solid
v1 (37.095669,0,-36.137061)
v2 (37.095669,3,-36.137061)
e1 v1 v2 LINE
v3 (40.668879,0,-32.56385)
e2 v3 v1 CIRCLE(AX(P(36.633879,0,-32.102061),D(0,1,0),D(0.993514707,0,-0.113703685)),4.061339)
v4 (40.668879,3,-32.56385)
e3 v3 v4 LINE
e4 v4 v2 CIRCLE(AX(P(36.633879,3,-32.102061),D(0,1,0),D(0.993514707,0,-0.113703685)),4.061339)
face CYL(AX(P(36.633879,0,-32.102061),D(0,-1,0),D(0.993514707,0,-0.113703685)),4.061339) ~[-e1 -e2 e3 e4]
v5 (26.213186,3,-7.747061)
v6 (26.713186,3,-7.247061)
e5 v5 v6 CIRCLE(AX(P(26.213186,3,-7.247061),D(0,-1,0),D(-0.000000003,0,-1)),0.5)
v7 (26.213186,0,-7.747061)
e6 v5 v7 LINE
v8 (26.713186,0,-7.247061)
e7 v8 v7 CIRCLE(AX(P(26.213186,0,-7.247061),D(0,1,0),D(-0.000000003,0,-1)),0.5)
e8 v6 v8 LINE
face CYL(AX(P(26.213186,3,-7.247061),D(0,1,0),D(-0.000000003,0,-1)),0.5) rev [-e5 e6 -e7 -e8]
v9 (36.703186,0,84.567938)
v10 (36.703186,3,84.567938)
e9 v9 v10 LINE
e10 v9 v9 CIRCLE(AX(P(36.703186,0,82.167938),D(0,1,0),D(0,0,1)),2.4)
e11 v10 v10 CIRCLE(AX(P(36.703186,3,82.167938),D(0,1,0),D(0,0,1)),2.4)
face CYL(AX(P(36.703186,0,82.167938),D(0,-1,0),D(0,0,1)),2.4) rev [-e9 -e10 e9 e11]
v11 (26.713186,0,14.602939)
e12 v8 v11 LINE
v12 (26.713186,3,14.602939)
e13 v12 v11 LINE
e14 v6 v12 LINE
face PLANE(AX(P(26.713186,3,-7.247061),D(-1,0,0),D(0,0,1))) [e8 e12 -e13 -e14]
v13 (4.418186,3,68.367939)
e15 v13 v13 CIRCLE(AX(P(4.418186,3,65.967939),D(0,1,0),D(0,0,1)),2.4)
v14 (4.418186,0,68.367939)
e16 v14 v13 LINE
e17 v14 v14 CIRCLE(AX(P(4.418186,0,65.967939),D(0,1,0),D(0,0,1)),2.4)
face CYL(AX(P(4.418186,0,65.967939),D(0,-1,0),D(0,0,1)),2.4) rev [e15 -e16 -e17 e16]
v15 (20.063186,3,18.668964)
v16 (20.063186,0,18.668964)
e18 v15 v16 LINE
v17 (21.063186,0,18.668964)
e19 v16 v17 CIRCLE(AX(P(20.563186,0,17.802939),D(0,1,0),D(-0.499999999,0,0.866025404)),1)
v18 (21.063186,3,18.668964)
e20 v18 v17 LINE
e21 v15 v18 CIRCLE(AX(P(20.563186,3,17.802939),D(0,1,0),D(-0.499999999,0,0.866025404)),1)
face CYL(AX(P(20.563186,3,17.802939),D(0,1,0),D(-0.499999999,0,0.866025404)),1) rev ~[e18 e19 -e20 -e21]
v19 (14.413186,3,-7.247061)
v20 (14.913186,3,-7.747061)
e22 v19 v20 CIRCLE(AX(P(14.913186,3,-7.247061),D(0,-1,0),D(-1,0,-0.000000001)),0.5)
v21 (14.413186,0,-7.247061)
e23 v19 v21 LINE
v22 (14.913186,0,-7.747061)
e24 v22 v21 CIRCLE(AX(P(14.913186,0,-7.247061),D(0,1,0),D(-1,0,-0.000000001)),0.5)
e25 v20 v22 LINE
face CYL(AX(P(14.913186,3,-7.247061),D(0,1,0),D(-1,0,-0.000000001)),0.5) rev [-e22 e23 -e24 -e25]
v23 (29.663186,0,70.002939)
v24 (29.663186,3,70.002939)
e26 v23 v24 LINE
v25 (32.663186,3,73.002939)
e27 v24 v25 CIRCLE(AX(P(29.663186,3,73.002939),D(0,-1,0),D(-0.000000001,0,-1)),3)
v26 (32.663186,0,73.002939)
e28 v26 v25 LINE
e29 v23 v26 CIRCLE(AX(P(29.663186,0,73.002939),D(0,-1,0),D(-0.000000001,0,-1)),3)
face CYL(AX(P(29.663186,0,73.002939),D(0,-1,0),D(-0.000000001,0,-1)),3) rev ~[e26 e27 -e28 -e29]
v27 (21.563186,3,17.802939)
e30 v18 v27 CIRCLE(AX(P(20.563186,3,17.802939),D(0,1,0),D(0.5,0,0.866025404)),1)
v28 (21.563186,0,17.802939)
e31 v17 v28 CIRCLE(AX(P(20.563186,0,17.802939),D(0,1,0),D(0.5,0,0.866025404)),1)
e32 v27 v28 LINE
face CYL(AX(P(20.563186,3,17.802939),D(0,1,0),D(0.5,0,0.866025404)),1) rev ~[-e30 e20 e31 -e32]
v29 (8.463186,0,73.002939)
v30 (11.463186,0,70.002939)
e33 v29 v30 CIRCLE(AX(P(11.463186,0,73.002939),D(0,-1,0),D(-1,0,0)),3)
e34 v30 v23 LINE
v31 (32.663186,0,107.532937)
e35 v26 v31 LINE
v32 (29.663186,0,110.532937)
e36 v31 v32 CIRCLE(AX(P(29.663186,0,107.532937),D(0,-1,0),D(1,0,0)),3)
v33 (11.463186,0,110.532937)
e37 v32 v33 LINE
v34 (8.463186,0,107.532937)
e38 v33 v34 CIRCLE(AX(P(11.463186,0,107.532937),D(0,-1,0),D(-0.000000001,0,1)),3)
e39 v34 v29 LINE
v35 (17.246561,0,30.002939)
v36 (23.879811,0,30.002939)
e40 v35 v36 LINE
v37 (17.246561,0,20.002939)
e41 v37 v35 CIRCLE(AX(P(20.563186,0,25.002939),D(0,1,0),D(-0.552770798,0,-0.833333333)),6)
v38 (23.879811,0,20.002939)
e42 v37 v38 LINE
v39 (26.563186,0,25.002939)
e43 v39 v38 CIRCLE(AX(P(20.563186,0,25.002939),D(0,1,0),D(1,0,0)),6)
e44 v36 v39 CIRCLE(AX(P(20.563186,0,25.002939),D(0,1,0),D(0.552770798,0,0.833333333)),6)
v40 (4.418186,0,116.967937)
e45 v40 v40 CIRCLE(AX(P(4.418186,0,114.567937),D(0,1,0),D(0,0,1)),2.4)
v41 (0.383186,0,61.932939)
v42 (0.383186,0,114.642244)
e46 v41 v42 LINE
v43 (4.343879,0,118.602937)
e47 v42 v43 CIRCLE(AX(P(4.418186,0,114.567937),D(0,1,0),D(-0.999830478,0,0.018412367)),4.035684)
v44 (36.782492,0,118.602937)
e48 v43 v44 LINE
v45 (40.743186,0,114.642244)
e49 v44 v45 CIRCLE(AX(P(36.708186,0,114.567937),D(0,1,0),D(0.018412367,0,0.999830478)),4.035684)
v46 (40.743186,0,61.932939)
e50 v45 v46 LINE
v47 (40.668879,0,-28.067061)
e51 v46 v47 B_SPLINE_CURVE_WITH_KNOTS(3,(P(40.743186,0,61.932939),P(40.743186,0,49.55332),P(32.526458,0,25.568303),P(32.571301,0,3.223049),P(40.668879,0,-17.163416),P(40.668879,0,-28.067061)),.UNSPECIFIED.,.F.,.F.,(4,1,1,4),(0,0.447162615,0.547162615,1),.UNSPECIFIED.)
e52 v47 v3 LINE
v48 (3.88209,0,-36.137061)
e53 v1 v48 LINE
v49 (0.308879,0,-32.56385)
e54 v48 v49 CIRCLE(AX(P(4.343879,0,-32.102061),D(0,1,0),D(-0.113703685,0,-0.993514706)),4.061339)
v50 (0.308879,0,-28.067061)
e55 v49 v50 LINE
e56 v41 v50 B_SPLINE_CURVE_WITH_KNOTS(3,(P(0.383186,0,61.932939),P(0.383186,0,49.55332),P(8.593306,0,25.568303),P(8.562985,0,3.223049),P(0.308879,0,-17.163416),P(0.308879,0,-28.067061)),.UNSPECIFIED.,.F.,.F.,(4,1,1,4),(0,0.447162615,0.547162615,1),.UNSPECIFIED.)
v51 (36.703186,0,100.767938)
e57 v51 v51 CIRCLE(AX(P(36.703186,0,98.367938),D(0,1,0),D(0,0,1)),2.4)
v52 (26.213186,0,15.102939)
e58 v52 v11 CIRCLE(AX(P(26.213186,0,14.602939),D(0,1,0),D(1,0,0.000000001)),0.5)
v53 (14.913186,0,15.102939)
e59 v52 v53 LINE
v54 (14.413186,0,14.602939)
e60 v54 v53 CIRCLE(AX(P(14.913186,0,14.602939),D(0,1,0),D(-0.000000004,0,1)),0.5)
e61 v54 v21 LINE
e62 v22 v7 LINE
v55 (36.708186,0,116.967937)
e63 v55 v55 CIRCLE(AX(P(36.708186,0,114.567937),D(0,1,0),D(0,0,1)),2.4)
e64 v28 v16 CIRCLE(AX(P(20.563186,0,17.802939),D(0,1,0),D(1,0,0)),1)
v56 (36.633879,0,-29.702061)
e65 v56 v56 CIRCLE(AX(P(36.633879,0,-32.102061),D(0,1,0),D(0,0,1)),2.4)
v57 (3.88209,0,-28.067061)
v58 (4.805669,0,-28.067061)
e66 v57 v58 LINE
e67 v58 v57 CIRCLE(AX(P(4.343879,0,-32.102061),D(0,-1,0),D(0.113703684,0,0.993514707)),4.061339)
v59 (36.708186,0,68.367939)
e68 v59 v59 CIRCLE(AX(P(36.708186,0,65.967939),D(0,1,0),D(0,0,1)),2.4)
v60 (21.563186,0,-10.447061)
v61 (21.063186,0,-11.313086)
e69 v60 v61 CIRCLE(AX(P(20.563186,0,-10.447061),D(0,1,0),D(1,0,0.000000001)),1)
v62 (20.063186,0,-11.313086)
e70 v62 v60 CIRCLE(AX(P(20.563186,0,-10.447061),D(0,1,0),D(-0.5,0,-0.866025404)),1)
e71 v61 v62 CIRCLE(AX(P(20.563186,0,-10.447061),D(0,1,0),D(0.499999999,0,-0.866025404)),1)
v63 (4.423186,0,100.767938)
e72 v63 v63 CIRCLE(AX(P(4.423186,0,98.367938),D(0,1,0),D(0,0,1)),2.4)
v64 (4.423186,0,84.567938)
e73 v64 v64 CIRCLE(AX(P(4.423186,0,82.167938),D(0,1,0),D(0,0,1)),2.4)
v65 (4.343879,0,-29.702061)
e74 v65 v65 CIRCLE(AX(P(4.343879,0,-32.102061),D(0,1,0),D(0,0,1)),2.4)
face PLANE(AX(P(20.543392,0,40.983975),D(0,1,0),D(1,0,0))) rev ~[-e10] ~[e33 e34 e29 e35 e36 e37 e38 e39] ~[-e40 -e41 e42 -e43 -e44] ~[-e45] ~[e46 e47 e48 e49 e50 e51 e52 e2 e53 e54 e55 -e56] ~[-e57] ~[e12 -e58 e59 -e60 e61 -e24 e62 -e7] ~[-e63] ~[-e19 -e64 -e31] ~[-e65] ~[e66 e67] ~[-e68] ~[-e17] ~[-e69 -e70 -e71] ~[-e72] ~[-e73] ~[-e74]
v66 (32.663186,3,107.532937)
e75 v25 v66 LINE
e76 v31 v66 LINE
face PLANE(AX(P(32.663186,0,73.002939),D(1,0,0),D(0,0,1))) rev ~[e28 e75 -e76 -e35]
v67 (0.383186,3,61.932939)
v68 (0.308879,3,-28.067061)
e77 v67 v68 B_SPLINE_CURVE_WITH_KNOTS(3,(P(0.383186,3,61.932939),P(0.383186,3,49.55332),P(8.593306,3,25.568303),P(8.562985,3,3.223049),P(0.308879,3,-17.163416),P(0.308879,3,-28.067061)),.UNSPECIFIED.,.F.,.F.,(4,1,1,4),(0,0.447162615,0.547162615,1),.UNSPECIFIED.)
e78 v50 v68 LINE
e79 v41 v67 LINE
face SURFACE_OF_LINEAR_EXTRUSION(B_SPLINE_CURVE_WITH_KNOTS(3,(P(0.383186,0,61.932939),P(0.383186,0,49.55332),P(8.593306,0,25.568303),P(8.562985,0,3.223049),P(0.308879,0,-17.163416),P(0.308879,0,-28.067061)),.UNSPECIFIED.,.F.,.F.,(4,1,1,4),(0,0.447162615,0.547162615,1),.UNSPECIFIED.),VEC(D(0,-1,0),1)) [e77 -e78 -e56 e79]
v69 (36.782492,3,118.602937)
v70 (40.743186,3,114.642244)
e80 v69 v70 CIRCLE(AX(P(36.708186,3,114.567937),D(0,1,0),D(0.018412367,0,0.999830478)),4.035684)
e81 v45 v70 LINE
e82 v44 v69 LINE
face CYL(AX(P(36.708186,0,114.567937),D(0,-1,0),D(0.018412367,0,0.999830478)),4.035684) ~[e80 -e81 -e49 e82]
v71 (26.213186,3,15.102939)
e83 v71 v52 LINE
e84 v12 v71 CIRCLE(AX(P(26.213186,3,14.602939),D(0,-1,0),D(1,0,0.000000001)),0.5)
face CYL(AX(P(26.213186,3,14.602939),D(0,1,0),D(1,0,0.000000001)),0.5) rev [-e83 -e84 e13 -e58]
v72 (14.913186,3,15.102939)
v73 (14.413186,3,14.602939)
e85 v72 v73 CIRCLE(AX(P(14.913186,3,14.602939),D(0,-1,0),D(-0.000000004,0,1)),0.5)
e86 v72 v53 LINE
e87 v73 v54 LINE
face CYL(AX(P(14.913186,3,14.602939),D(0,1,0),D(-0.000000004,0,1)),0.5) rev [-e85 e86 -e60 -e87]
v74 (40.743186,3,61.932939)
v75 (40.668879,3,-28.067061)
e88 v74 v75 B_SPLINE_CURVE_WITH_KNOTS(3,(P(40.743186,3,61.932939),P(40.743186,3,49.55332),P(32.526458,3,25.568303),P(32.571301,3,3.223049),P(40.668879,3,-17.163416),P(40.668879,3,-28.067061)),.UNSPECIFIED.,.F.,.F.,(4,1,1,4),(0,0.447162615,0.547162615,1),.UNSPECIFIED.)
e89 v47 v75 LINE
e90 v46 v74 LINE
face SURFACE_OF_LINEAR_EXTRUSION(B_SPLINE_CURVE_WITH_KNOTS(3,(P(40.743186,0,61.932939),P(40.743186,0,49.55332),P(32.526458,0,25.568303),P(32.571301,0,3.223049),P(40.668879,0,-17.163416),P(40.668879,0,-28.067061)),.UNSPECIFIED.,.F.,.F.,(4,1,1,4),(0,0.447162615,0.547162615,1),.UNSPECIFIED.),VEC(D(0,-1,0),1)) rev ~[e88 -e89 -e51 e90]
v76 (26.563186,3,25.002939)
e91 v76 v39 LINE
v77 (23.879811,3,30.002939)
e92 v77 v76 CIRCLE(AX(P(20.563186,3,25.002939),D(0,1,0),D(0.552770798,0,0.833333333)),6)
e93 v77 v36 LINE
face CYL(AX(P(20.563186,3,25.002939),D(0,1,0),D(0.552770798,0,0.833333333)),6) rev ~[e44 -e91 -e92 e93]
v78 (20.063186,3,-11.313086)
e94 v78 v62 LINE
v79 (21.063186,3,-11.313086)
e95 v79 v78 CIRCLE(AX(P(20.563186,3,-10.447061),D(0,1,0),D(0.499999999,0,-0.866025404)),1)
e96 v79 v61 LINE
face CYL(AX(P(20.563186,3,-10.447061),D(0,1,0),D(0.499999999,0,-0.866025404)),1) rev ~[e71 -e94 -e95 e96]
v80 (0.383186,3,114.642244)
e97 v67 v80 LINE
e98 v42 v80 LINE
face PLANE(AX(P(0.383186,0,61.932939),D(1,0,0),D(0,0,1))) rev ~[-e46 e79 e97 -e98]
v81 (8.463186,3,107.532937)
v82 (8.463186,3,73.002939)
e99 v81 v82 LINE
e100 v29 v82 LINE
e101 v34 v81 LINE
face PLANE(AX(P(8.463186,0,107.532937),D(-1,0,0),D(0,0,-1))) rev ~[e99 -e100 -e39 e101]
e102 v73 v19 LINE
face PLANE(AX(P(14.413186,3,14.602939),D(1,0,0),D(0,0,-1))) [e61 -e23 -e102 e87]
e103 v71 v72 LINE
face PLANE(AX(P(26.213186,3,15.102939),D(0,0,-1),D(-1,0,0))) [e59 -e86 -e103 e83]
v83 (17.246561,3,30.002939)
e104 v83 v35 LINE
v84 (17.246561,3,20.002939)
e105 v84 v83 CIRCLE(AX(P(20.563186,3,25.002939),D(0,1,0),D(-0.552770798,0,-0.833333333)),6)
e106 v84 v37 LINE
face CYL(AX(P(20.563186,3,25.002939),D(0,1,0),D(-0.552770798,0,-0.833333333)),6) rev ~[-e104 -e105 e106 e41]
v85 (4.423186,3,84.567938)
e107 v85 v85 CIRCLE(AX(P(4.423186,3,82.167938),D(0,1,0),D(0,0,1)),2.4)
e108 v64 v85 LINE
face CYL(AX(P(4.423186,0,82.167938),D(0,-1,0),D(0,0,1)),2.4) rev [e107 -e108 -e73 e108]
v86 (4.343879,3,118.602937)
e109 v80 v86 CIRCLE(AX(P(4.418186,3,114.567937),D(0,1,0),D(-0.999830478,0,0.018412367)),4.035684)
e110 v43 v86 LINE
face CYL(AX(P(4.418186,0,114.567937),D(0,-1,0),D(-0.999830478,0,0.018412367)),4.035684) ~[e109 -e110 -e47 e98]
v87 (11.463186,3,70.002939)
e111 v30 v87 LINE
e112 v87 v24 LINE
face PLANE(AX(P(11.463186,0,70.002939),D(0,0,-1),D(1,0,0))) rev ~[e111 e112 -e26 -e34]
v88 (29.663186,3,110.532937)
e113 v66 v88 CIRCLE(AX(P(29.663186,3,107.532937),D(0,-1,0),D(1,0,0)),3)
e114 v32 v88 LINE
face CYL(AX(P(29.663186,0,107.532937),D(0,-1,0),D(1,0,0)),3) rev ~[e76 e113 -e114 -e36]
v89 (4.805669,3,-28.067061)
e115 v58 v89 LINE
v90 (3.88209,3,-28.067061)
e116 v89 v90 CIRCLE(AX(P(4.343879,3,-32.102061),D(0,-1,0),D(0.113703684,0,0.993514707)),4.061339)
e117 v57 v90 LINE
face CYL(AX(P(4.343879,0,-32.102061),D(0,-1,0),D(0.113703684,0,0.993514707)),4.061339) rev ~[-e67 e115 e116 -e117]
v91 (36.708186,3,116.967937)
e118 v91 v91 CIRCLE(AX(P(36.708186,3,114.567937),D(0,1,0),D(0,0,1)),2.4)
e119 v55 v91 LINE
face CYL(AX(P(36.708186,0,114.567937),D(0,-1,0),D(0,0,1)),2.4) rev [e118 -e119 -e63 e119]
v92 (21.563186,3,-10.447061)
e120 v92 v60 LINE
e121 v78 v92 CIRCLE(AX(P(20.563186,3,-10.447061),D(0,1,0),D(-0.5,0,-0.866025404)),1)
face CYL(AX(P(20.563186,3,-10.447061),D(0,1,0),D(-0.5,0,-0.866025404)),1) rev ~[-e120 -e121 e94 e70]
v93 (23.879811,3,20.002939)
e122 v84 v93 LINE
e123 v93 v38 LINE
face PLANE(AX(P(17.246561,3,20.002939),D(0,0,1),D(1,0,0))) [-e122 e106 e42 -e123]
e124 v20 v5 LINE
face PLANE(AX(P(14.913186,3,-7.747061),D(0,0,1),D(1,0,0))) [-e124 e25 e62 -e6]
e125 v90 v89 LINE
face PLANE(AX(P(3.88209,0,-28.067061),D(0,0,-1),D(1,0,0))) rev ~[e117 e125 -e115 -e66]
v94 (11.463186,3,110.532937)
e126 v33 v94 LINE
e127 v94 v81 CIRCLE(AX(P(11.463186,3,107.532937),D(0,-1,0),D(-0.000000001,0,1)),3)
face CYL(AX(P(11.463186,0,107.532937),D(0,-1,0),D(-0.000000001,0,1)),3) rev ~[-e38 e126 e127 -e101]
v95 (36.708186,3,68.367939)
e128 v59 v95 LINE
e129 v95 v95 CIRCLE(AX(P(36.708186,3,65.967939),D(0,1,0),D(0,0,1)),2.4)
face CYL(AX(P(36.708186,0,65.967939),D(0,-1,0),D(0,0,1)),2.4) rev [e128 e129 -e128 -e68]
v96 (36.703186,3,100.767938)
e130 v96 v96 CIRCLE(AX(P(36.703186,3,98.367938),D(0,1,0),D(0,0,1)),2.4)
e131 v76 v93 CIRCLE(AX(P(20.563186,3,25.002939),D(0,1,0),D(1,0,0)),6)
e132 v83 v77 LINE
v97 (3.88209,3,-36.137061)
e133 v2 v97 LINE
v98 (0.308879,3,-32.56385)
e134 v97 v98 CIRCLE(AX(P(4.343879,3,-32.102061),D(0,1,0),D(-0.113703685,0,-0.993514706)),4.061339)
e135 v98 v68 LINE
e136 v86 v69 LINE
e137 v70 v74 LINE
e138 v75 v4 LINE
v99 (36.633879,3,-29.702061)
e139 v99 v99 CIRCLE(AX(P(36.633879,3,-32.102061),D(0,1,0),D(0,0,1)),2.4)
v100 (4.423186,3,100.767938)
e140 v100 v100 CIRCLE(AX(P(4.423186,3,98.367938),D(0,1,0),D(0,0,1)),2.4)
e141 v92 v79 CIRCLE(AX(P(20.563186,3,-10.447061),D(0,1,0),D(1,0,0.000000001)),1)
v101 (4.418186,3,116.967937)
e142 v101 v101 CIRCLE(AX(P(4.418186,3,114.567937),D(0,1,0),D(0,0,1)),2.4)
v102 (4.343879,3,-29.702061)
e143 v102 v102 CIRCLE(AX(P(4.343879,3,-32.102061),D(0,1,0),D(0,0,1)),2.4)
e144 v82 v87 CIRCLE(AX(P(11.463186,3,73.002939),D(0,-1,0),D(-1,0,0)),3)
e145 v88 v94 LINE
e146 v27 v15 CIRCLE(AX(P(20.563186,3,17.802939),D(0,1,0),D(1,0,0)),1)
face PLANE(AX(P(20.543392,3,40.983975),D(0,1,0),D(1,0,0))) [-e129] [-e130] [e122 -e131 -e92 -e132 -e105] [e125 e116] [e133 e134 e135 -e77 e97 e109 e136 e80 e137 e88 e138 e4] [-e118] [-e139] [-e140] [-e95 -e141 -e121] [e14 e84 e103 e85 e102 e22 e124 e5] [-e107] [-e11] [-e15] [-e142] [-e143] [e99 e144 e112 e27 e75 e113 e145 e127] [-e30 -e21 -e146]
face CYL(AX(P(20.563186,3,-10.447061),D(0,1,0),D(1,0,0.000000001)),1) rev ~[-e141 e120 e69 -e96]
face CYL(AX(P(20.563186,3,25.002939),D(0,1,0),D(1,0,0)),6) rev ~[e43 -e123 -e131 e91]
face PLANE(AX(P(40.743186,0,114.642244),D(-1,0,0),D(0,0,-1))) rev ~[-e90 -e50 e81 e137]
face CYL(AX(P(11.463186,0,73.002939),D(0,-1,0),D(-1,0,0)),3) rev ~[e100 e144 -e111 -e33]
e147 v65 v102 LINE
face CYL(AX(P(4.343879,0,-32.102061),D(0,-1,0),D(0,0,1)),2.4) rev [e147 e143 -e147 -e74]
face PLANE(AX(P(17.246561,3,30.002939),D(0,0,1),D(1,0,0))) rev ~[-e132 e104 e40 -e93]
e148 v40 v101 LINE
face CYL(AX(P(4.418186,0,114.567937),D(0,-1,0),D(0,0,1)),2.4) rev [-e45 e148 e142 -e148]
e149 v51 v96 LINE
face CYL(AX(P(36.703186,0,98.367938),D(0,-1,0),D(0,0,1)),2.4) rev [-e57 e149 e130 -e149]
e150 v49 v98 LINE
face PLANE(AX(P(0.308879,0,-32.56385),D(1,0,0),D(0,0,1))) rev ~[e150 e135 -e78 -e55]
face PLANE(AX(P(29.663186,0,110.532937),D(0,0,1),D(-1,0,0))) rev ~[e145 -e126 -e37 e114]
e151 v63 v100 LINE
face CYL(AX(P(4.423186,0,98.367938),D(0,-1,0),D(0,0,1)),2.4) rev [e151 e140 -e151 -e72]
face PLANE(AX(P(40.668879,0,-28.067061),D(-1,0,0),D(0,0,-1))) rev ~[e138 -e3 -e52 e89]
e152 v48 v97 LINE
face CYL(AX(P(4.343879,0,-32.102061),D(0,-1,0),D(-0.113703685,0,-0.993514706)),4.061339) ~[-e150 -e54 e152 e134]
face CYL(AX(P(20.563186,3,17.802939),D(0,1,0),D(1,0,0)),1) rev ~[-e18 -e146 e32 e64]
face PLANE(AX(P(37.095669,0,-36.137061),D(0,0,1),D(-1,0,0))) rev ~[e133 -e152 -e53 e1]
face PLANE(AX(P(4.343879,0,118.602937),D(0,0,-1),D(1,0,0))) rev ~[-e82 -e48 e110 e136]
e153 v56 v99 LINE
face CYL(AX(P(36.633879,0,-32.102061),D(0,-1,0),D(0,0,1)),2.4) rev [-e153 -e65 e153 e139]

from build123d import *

# Parameters (mm, degrees)
SKETCH2_R           = 2.4
BOSS_EXTRUDE1_DEPTH = 3
CUT_EXTRUDE1_DEPTH  = 10
SKETCH4_W           = 6.633249581
SKETCH4_H           = 10
CUT_EXTRUDE2_DEPTH  = 10


with BuildPart() as part:
    # Sketch2 → Boss-Extrude1 (new body)
    with BuildSketch(Plane(origin=(0, 0, 0), x_dir=(1, 0, 0), z_dir=(0, 1, 0))):
        with BuildLine():
            Line((37.095668531, 36.137061002), (3.882090118, 36.137061002))
            ThreePointArc((3.882090118, 36.137061002), (1.472078995, 34.973861332), (0.308879325, 32.563850209))
            Line((0.308879325, 32.563850209), (0.308879325, 28.067061002))
            add(Edge.make_bspline(
                [(0.383185823, -61.932938998), (0.383185823, -49.55331966), (8.593306341, -25.568302829), (8.562984639, -3.223049243), (0.308879325, 17.163416192), (0.308879325, 28.067061002)],
                knots=[0, 0, 0, 0, 0.447162615, 0.547162615, 1, 1, 1, 1], degree=3))
            Line((0.383185823, -61.932938998), (0.383185823, -114.493630956))
            Line((0.383185823, -114.493630956), (0.383185823, -114.642243953))
            ThreePointArc((0.383185823, -114.642243953), (1.564526203, -117.421597075), (4.343879325, -118.602937455))
            Line((4.343879325, -118.602937455), (36.782492321, -118.602937455))
            ThreePointArc((36.782492321, -118.602937455), (39.561845443, -117.421597075), (40.743185823, -114.642243953))
            Line((40.743185823, -114.642243953), (40.743185823, -114.493630956))
            Line((40.743185823, -114.493630956), (40.743185823, -61.932938998))
            add(Edge.make_bspline(
                [(40.743185823, -61.932938998), (40.743185823, -49.55331966), (32.526457787, -25.568302829), (32.571301302, -3.223049243), (40.668879325, 17.163416192), (40.668879325, 28.067061002)],
                knots=[0, 0, 0, 0, 0.447162615, 0.547162615, 1, 1, 1, 1], degree=3))
            Line((40.668879325, 28.067061002), (40.668879325, 32.563850209))
            ThreePointArc((40.668879325, 32.563850209), (39.505679655, 34.973861332), (37.095668531, 36.137061002))
        make_face()
        with BuildLine():
            Line((3.882090118, 28.067061002), (4.805668531, 28.067061002))
            ThreePointArc((4.805668531, 28.067061002), (4.343879325, 28.040722027), (3.882090118, 28.067061002))
        make_face(mode=Mode.SUBTRACT)
        with Locations(Location((4.343879325, 32.102061002, 0), (0, 0, 270))):
            Circle(SKETCH2_R, mode=Mode.SUBTRACT)
        with Locations(Location((36.633879325, 32.102061002, 0), (0, 0, 270))):
            Circle(SKETCH2_R, mode=Mode.SUBTRACT)
        with Locations(Location((4.418185823, -114.567937455, 0), (0, 0, 270))):
            Circle(SKETCH2_R, mode=Mode.SUBTRACT)
        with Locations(Location((4.423185823, -98.367938226, 0), (0, 0, 270))):
            Circle(SKETCH2_R, mode=Mode.SUBTRACT)
        with Locations(Location((36.708185823, -114.567937455, 0), (0, 0, 270))):
            Circle(SKETCH2_R, mode=Mode.SUBTRACT)
        with Locations(Location((36.703185823, -98.367938226, 0), (0, 0, 270))):
            Circle(SKETCH2_R, mode=Mode.SUBTRACT)
        with Locations(Location((4.423185823, -82.167938226, 0), (0, 0, 270))):
            Circle(SKETCH2_R, mode=Mode.SUBTRACT)
        with Locations(Location((4.418185823, -65.967938998, 0), (0, 0, 270))):
            Circle(SKETCH2_R, mode=Mode.SUBTRACT)
        with BuildLine():
            ThreePointArc((8.463185823, -73.002938998), (9.34186548, -70.881618654), (11.463185823, -70.002938998))
            Line((11.463185823, -70.002938998), (29.663185823, -70.002938998))
            ThreePointArc((29.663185823, -70.002938998), (31.784506167, -70.881618654), (32.663185823, -73.002938998))
            Line((32.663185823, -73.002938998), (32.663185823, -107.532937455))
            ThreePointArc((32.663185823, -107.532937455), (31.784506167, -109.654257798), (29.663185823, -110.532937455))
            Line((29.663185823, -110.532937455), (11.463185823, -110.532937455))
            ThreePointArc((11.463185823, -110.532937455), (9.34186548, -109.654257798), (8.463185823, -107.532937455))
            Line((8.463185823, -107.532937455), (8.463185823, -73.002938998))
        make_face(mode=Mode.SUBTRACT)
        with Locations(Location((36.703185823, -82.167938226, 0), (0, 0, 270))):
            Circle(SKETCH2_R, mode=Mode.SUBTRACT)
        with Locations(Location((36.708185823, -65.967938998, 0), (0, 0, 270))):
            Circle(SKETCH2_R, mode=Mode.SUBTRACT)
    extrude(amount=BOSS_EXTRUDE1_DEPTH)

    # Sketch3 → Cut-Extrude1 (cut)
    with BuildSketch(Plane(origin=(0, 3, 0), x_dir=(1, 0, 0), z_dir=(0, 1, 0))):
        with BuildLine():
            ThreePointArc((21.563185823, -17.802938998), (20.063185823, -16.936913594), (20.063185823, -18.668964402))
            ThreePointArc((20.063185823, -18.668964402), (20.563185823, -18.802938998), (21.063185823, -18.668964402))
            ThreePointArc((21.063185823, -18.668964402), (21.429211227, -18.302938998), (21.563185823, -17.802938998))
        make_face()
        with BuildLine():
            ThreePointArc((21.063185823, 11.313086406), (20.563185823, 11.447061002), (20.063185823, 11.313086406))
            ThreePointArc((20.063185823, 11.313086406), (20.063185823, 9.581035598), (21.563185823, 10.447061002))
            ThreePointArc((21.563185823, 10.447061002), (21.429211227, 10.947061002), (21.063185823, 11.313086406))
        make_face()
        with BuildLine():
            Line((14.413185823, -14.602938998), (14.413185823, 7.247061002))
            ThreePointArc((14.413185823, 7.247061002), (14.559632433, 7.600614393), (14.913185823, 7.747061002))
            Line((14.913185823, 7.747061002), (26.213185823, 7.747061002))
            ThreePointArc((26.213185823, 7.747061002), (26.566739214, 7.600614393), (26.713185823, 7.247061002))
            Line((26.713185823, 7.247061002), (26.713185823, -14.602938998))
            ThreePointArc((26.713185823, -14.602938998), (26.566739214, -14.956492388), (26.213185823, -15.102938998))
            Line((26.213185823, -15.102938998), (14.913185823, -15.102938998))
            ThreePointArc((14.913185823, -15.102938998), (14.559632433, -14.956492388), (14.413185823, -14.602938998))
        make_face()
    extrude(amount=-CUT_EXTRUDE1_DEPTH, mode=Mode.SUBTRACT)

    # Sketch4 → Cut-Extrude2 (cut)
    with BuildSketch(Plane(origin=(0, 3, 0), x_dir=(1, 0, 0), z_dir=(0, 1, 0))):
        with Locations((20.563185823, -25.002938998)):
            Rectangle(SKETCH4_W, SKETCH4_H)
        with BuildLine():
            Line((23.879810614, -20.002938998), (23.879810614, -30.002938998))
            ThreePointArc((23.879810614, -30.002938998), (25.849949897, -27.840213329), (26.563185823, -25.002938998))
            ThreePointArc((26.563185823, -25.002938998), (25.849949897, -22.165664667), (23.879810614, -20.002938998))
        make_face()
        with BuildLine():
            ThreePointArc((17.246561033, -20.002938998), (14.563185823, -25.002938998), (17.246561033, -30.002938998))
            Line((17.246561033, -30.002938998), (17.246561033, -20.002938998))
        make_face()
    extrude(amount=-CUT_EXTRUDE2_DEPTH, mode=Mode.SUBTRACT)


solid = part.part
